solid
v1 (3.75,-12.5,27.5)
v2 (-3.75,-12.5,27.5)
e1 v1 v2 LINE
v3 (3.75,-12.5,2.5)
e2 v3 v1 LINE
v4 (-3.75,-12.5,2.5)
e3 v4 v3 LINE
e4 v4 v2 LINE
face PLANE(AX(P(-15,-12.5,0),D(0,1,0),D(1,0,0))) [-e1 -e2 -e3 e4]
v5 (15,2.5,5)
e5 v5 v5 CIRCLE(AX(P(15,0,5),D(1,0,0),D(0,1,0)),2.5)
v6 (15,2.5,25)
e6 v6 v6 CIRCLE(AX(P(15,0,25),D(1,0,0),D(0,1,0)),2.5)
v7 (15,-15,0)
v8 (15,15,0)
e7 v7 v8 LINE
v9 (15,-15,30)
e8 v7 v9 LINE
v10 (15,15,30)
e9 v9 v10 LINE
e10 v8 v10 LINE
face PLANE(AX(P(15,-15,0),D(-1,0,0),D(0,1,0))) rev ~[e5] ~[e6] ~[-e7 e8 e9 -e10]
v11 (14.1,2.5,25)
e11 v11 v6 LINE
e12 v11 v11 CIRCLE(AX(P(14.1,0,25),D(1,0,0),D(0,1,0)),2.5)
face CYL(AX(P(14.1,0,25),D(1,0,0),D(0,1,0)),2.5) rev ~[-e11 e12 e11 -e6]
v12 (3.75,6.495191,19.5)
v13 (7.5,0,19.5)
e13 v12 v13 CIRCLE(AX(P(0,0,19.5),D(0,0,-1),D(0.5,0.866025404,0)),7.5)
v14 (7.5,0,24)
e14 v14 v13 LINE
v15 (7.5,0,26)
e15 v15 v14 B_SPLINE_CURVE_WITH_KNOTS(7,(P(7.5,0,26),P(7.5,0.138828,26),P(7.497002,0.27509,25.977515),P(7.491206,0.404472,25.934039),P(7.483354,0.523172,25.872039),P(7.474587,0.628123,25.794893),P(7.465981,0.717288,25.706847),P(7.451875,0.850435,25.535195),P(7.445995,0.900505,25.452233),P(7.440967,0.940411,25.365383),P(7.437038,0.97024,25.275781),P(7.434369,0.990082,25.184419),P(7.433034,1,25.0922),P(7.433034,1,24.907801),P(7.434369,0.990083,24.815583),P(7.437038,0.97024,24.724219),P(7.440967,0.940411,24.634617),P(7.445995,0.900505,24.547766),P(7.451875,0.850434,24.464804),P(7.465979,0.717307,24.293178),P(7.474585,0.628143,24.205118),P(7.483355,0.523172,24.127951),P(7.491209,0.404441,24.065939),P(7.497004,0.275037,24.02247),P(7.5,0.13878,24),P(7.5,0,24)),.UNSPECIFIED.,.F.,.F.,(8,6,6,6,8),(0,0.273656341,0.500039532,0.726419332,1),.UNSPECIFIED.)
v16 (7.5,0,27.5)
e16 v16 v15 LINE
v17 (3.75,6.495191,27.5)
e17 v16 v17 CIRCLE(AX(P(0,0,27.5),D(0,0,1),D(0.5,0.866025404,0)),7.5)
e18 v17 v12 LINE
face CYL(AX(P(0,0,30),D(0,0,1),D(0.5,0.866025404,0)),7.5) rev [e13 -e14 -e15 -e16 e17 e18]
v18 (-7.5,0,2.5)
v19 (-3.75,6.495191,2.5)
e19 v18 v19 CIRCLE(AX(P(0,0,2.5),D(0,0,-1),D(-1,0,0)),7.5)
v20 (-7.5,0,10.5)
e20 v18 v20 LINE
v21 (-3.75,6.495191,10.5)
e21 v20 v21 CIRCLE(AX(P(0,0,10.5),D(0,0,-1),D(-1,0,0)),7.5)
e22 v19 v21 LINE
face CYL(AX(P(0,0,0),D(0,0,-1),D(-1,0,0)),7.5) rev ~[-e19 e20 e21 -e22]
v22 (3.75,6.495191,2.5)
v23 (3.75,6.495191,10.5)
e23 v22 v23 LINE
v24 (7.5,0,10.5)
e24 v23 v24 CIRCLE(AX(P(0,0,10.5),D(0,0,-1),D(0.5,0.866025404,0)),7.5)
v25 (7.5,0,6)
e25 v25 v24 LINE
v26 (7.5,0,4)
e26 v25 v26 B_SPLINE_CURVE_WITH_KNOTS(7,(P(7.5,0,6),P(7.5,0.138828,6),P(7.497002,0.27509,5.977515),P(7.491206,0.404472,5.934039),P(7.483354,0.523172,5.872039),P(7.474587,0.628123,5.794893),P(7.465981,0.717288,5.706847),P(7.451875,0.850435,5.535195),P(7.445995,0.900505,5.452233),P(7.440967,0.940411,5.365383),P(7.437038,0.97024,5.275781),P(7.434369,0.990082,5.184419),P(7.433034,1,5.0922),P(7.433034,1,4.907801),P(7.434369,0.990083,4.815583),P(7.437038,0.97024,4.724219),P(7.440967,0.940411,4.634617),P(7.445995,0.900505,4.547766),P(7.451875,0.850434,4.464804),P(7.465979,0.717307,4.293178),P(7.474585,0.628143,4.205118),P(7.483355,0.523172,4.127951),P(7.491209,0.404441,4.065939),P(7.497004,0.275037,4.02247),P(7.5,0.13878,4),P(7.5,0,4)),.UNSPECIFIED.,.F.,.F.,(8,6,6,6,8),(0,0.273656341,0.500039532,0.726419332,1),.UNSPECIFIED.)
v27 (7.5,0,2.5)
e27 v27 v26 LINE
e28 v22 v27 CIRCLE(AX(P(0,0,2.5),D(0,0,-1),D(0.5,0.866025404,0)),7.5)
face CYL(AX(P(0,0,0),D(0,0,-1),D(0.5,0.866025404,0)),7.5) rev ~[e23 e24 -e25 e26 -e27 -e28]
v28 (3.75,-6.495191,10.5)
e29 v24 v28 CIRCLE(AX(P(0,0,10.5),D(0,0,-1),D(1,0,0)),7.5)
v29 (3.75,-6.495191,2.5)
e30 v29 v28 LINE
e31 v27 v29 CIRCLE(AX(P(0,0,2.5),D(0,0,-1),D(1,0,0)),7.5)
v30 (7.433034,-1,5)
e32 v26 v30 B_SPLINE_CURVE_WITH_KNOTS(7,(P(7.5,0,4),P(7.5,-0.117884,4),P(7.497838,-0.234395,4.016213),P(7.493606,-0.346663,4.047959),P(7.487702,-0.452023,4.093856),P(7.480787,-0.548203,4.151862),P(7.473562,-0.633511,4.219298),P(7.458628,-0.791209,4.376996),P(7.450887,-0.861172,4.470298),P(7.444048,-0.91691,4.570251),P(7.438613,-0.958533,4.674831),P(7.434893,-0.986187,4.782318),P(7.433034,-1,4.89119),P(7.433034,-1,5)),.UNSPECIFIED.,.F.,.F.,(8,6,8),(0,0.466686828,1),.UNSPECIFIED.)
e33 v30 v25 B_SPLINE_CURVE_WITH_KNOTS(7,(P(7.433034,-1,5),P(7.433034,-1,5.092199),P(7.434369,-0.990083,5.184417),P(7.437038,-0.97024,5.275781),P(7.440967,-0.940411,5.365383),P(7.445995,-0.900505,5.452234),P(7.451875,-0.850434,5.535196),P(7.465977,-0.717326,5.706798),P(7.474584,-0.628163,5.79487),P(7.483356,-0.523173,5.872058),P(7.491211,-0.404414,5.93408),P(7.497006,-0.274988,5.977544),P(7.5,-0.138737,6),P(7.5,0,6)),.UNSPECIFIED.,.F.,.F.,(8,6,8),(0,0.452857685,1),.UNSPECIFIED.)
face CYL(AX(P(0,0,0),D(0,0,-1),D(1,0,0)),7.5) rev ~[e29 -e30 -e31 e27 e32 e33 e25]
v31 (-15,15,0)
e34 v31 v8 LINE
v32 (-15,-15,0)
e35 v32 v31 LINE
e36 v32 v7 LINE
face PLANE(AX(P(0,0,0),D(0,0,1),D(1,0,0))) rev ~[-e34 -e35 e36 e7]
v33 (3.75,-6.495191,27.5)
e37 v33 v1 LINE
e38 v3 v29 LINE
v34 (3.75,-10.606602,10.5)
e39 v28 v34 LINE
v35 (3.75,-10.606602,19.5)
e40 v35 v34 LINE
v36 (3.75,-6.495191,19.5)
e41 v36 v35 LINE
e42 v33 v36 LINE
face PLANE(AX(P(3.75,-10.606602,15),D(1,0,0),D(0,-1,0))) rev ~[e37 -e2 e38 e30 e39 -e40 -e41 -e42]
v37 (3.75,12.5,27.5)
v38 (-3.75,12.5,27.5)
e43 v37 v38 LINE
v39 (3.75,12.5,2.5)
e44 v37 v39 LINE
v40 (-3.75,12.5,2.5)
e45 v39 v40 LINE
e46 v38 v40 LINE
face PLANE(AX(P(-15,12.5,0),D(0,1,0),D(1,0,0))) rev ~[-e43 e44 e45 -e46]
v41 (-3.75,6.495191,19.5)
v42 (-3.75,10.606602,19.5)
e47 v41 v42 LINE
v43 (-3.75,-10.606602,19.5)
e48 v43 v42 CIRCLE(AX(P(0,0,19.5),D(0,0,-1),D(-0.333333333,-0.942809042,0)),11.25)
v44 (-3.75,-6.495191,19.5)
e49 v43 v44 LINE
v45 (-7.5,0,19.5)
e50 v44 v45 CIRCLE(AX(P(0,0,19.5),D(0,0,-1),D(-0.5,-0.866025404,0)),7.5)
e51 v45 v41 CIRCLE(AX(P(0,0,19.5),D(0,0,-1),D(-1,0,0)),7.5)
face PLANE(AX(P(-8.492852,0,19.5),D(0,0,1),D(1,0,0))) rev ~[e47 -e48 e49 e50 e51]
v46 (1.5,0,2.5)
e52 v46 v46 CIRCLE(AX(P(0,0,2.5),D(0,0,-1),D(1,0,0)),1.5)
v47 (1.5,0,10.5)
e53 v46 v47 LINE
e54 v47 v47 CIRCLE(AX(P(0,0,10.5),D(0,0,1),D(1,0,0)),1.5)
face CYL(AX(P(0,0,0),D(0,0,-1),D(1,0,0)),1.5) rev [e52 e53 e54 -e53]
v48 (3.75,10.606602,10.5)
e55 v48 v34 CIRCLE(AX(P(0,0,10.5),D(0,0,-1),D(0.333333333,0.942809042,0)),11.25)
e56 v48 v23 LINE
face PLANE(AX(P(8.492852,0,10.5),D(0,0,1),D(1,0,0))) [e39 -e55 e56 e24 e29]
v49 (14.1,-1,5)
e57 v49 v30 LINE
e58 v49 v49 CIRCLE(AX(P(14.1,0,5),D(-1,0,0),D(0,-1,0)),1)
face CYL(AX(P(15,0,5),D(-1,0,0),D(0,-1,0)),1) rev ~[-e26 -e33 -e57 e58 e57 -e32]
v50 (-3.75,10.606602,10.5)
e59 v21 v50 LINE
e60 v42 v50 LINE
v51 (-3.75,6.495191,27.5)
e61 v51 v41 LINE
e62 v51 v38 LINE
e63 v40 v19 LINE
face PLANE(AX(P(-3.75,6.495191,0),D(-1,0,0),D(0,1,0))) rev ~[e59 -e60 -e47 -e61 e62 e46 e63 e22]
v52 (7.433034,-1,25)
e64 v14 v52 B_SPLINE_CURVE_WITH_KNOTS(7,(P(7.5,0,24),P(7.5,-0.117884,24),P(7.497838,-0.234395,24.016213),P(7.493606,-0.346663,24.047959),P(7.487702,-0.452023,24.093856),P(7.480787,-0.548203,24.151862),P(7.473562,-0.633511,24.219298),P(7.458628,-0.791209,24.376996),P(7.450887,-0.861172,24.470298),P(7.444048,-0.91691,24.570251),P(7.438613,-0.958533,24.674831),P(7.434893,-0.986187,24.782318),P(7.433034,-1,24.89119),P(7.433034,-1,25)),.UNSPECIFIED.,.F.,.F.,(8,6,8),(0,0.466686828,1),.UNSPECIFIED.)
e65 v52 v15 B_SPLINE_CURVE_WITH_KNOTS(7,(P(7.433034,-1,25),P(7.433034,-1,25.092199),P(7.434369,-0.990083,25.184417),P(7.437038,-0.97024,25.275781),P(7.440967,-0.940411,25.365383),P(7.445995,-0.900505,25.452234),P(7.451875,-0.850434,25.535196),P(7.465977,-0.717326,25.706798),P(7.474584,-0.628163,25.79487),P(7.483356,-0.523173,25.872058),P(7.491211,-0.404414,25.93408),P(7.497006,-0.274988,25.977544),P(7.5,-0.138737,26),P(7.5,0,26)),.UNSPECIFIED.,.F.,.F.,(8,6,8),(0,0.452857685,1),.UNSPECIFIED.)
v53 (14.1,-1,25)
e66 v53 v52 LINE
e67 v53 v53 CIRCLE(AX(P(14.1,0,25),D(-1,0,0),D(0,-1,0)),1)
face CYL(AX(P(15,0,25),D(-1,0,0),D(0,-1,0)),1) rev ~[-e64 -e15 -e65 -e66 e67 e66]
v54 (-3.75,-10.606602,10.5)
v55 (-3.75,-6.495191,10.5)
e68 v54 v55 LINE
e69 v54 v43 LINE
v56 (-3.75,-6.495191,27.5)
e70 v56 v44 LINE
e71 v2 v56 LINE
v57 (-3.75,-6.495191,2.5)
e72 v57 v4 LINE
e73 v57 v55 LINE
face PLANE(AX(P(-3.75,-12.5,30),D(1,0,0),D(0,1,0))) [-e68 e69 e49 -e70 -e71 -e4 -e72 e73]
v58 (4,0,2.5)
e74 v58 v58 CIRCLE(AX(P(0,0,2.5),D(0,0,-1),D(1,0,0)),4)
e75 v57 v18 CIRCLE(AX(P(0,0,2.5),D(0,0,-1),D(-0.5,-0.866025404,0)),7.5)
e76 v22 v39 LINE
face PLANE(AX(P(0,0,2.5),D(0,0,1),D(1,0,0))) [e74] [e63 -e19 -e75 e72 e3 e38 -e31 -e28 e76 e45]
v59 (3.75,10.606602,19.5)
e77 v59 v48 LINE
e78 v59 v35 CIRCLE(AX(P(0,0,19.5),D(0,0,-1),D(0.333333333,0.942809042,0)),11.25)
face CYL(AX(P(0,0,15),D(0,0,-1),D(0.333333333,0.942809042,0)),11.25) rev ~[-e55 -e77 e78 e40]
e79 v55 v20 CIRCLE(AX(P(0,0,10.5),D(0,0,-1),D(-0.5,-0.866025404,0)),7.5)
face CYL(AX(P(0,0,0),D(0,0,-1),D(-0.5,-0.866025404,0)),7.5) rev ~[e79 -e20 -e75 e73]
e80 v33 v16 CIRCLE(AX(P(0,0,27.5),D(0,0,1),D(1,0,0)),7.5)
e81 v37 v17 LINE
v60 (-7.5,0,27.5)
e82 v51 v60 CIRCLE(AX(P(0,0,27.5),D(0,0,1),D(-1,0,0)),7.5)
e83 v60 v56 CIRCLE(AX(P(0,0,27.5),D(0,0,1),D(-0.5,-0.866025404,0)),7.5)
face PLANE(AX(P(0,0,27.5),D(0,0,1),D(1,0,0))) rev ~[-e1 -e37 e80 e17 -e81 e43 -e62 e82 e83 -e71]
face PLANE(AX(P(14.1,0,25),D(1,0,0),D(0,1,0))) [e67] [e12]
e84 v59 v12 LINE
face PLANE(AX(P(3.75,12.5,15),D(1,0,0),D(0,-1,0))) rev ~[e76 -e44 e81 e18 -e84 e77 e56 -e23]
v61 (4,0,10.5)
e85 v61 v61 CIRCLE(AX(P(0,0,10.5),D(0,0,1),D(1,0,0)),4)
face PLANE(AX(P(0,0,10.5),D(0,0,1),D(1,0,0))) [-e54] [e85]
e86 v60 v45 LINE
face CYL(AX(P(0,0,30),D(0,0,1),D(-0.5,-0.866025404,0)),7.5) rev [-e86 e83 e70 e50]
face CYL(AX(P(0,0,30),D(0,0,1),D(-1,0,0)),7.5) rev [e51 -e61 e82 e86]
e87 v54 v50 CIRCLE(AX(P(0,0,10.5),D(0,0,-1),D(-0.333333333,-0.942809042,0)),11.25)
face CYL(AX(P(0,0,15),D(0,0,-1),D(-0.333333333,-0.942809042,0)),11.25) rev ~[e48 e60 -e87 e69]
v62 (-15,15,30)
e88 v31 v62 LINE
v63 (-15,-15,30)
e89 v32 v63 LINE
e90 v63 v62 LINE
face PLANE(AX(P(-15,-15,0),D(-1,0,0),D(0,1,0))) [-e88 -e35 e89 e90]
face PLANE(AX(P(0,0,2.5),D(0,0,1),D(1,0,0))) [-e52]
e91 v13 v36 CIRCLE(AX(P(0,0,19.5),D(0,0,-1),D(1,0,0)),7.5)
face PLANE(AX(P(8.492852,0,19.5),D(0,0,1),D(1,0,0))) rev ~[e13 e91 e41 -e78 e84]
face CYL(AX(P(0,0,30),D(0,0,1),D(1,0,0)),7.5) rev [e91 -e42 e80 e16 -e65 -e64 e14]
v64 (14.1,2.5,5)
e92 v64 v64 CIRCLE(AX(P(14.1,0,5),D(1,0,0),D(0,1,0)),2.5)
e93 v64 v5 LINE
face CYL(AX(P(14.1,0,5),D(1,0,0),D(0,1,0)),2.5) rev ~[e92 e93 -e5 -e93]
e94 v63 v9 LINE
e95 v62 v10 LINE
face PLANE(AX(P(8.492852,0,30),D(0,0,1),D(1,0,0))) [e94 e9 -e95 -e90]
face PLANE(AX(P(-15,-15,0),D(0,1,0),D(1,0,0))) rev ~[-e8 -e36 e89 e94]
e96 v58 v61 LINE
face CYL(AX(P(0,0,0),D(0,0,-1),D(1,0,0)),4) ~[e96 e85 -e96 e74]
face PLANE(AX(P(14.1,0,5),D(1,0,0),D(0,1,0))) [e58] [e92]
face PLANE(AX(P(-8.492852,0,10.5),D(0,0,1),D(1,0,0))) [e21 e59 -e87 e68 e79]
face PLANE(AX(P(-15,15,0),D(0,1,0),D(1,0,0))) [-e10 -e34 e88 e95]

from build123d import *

# Parameters (mm, degrees)
F0_W            = 30
F0_H            = 30
F1_DEPTH        = 30
F2_T            = -2.5
F6_DEPTH        = 10.5
F9_DEPTH        = 10.5
F11_DEPTH       = 4.5
F12_DEPTH       = 4.5
F14_D           = 2
F14_DEPTH       = 15
F14_CBORE_D     = 5
F14_CBORE_DEPTH = 0.9
F14_TIP         = 0.600860619
F15_R           = 4
F15_R_2         = 1.5
F16_DEPTH       = 10.5


with BuildPart() as f1:
    # F0 (on Top) → F1 (new body)
    with BuildSketch(Plane.XY):
        Rectangle(F0_W, F0_H)
    extrude(amount=F1_DEPTH)

    # F2 (hollow: no face is removed)
    offset(amount=F2_T, mode=Mode.SUBTRACT)

    # F3 (on Top) → F6 (join, through all)
    with BuildSketch(Plane.XY):
        with BuildLine():
            ThreePointArc((3.75, 6.4951905284), (6.4951905284, 3.75), (7.5, 0))
            ThreePointArc((7.5, 0), (6.4951905284, -3.75), (3.75, -6.4951905284))
            Line((3.75, -6.4951905284), (3.75, -12.5))
            Line((3.75, -12.5), (12.5, -12.5))
            Line((12.5, -12.5), (12.5, 12.5))
            Line((12.5, 12.5), (3.75, 12.5))
            Line((3.75, 12.5), (3.75, 6.4951905284))
        make_face()
        with BuildLine():
            Line((-3.75, 6.4951905284), (-3.75, 12.5))
            Line((-3.75, 12.5), (-12.5, 12.5))
            Line((-12.5, 12.5), (-12.5, -12.5))
            Line((-12.5, -12.5), (-3.75, -12.5))
            Line((-3.75, -12.5), (-3.75, -6.4951905284))
            ThreePointArc((-3.75, -6.4951905284), (-6.4951905284, -3.75), (-7.5, 0))
            ThreePointArc((-7.5, 0), (-6.4951905284, 3.75), (-3.75, 6.4951905284))
        make_face()
    extrude(amount=F6_DEPTH)

    # F7 (on face) → F9 (join, through all)
    with BuildSketch(Plane.XY.offset(30)):
        with BuildLine():
            ThreePointArc((3.75, 6.4951905284), (6.4951905284, 3.75), (7.5, 0))
            ThreePointArc((7.5, 0), (6.4951905284, -3.75), (3.75, -6.4951905284))
            Line((3.75, -6.4951905284), (3.75, -12.5))
            Line((3.75, -12.5), (12.5, -12.5))
            Line((12.5, -12.5), (12.5, 12.5))
            Line((12.5, 12.5), (3.75, 12.5))
            Line((3.75, 12.5), (3.75, 6.4951905284))
        make_face()
        with BuildLine():
            Line((-3.75, 6.4951905284), (-3.75, 12.5))
            Line((-3.75, 12.5), (-12.5, 12.5))
            Line((-12.5, 12.5), (-12.5, -12.5))
            Line((-12.5, -12.5), (-3.75, -12.5))
            Line((-3.75, -12.5), (-3.75, -6.4951905284))
            ThreePointArc((-3.75, -6.4951905284), (-6.4951905284, -3.75), (-7.5, 0))
            ThreePointArc((-7.5, 0), (-6.4951905284, 3.75), (-3.75, 6.4951905284))
        make_face()
    extrude(amount=-F9_DEPTH)

    # F10 (on mid) → F11 (join, through all)
    with BuildSketch(Plane.XY.offset(15)):
        with BuildLine():
            Line((3.75, -10.6066017178), (3.75, -12.5))
            Line((3.75, -12.5), (12.5, -12.5))
            Line((12.5, -12.5), (12.5, 12.5))
            Line((12.5, 12.5), (3.75, 12.5))
            Line((3.75, 12.5), (3.75, 10.6066017178))
            ThreePointArc((3.75, 10.6066017178), (11.25, 0), (3.75, -10.6066017178))
        make_face()
        with BuildLine():
            Line((-3.75, 10.6066017178), (-3.75, 12.5))
            Line((-3.75, 12.5), (-12.5, 12.5))
            Line((-12.5, 12.5), (-12.5, -12.5))
            Line((-12.5, -12.5), (-3.75, -12.5))
            Line((-3.75, -12.5), (-3.75, -10.6066017178))
            ThreePointArc((-3.75, -10.6066017178), (-11.25, 0), (-3.75, 10.6066017178))
        make_face()
    extrude(amount=-F11_DEPTH)

    # F10 (on mid) → F12 (join, through all)
    with BuildSketch(Plane.XY.offset(15)):
        with BuildLine():
            Line((3.75, -10.6066017178), (3.75, -12.5))
            Line((3.75, -12.5), (12.5, -12.5))
            Line((12.5, -12.5), (12.5, 12.5))
            Line((12.5, 12.5), (3.75, 12.5))
            Line((3.75, 12.5), (3.75, 10.6066017178))
            ThreePointArc((3.75, 10.6066017178), (11.25, 0), (3.75, -10.6066017178))
        make_face()
        with BuildLine():
            Line((-3.75, 10.6066017178), (-3.75, 12.5))
            Line((-3.75, 12.5), (-12.5, 12.5))
            Line((-12.5, 12.5), (-12.5, -12.5))
            Line((-12.5, -12.5), (-3.75, -12.5))
            Line((-3.75, -12.5), (-3.75, -10.6066017178))
            ThreePointArc((-3.75, -10.6066017178), (-11.25, 0), (-3.75, 10.6066017178))
        make_face()
    extrude(amount=F12_DEPTH)

    # F14
    with Locations(Plane.YZ.offset(15)):
        with Locations((0, 5), (0, 25)):
            CounterBoreHole(F14_D / 2, F14_CBORE_D / 2, F14_CBORE_DEPTH, depth=F14_DEPTH)
            with Locations((0, 0, -(F14_DEPTH + F14_TIP / 2))):  # 118° drill point
                Cone(0, F14_D / 2, F14_TIP, mode=Mode.SUBTRACT)

    # F15 (on Top) → F16 (join, through all)
    with BuildSketch(Plane.XY):
        Circle(F15_R)
        Circle(F15_R_2, mode=Mode.SUBTRACT)
    extrude(amount=F16_DEPTH)


solid = f1.part
